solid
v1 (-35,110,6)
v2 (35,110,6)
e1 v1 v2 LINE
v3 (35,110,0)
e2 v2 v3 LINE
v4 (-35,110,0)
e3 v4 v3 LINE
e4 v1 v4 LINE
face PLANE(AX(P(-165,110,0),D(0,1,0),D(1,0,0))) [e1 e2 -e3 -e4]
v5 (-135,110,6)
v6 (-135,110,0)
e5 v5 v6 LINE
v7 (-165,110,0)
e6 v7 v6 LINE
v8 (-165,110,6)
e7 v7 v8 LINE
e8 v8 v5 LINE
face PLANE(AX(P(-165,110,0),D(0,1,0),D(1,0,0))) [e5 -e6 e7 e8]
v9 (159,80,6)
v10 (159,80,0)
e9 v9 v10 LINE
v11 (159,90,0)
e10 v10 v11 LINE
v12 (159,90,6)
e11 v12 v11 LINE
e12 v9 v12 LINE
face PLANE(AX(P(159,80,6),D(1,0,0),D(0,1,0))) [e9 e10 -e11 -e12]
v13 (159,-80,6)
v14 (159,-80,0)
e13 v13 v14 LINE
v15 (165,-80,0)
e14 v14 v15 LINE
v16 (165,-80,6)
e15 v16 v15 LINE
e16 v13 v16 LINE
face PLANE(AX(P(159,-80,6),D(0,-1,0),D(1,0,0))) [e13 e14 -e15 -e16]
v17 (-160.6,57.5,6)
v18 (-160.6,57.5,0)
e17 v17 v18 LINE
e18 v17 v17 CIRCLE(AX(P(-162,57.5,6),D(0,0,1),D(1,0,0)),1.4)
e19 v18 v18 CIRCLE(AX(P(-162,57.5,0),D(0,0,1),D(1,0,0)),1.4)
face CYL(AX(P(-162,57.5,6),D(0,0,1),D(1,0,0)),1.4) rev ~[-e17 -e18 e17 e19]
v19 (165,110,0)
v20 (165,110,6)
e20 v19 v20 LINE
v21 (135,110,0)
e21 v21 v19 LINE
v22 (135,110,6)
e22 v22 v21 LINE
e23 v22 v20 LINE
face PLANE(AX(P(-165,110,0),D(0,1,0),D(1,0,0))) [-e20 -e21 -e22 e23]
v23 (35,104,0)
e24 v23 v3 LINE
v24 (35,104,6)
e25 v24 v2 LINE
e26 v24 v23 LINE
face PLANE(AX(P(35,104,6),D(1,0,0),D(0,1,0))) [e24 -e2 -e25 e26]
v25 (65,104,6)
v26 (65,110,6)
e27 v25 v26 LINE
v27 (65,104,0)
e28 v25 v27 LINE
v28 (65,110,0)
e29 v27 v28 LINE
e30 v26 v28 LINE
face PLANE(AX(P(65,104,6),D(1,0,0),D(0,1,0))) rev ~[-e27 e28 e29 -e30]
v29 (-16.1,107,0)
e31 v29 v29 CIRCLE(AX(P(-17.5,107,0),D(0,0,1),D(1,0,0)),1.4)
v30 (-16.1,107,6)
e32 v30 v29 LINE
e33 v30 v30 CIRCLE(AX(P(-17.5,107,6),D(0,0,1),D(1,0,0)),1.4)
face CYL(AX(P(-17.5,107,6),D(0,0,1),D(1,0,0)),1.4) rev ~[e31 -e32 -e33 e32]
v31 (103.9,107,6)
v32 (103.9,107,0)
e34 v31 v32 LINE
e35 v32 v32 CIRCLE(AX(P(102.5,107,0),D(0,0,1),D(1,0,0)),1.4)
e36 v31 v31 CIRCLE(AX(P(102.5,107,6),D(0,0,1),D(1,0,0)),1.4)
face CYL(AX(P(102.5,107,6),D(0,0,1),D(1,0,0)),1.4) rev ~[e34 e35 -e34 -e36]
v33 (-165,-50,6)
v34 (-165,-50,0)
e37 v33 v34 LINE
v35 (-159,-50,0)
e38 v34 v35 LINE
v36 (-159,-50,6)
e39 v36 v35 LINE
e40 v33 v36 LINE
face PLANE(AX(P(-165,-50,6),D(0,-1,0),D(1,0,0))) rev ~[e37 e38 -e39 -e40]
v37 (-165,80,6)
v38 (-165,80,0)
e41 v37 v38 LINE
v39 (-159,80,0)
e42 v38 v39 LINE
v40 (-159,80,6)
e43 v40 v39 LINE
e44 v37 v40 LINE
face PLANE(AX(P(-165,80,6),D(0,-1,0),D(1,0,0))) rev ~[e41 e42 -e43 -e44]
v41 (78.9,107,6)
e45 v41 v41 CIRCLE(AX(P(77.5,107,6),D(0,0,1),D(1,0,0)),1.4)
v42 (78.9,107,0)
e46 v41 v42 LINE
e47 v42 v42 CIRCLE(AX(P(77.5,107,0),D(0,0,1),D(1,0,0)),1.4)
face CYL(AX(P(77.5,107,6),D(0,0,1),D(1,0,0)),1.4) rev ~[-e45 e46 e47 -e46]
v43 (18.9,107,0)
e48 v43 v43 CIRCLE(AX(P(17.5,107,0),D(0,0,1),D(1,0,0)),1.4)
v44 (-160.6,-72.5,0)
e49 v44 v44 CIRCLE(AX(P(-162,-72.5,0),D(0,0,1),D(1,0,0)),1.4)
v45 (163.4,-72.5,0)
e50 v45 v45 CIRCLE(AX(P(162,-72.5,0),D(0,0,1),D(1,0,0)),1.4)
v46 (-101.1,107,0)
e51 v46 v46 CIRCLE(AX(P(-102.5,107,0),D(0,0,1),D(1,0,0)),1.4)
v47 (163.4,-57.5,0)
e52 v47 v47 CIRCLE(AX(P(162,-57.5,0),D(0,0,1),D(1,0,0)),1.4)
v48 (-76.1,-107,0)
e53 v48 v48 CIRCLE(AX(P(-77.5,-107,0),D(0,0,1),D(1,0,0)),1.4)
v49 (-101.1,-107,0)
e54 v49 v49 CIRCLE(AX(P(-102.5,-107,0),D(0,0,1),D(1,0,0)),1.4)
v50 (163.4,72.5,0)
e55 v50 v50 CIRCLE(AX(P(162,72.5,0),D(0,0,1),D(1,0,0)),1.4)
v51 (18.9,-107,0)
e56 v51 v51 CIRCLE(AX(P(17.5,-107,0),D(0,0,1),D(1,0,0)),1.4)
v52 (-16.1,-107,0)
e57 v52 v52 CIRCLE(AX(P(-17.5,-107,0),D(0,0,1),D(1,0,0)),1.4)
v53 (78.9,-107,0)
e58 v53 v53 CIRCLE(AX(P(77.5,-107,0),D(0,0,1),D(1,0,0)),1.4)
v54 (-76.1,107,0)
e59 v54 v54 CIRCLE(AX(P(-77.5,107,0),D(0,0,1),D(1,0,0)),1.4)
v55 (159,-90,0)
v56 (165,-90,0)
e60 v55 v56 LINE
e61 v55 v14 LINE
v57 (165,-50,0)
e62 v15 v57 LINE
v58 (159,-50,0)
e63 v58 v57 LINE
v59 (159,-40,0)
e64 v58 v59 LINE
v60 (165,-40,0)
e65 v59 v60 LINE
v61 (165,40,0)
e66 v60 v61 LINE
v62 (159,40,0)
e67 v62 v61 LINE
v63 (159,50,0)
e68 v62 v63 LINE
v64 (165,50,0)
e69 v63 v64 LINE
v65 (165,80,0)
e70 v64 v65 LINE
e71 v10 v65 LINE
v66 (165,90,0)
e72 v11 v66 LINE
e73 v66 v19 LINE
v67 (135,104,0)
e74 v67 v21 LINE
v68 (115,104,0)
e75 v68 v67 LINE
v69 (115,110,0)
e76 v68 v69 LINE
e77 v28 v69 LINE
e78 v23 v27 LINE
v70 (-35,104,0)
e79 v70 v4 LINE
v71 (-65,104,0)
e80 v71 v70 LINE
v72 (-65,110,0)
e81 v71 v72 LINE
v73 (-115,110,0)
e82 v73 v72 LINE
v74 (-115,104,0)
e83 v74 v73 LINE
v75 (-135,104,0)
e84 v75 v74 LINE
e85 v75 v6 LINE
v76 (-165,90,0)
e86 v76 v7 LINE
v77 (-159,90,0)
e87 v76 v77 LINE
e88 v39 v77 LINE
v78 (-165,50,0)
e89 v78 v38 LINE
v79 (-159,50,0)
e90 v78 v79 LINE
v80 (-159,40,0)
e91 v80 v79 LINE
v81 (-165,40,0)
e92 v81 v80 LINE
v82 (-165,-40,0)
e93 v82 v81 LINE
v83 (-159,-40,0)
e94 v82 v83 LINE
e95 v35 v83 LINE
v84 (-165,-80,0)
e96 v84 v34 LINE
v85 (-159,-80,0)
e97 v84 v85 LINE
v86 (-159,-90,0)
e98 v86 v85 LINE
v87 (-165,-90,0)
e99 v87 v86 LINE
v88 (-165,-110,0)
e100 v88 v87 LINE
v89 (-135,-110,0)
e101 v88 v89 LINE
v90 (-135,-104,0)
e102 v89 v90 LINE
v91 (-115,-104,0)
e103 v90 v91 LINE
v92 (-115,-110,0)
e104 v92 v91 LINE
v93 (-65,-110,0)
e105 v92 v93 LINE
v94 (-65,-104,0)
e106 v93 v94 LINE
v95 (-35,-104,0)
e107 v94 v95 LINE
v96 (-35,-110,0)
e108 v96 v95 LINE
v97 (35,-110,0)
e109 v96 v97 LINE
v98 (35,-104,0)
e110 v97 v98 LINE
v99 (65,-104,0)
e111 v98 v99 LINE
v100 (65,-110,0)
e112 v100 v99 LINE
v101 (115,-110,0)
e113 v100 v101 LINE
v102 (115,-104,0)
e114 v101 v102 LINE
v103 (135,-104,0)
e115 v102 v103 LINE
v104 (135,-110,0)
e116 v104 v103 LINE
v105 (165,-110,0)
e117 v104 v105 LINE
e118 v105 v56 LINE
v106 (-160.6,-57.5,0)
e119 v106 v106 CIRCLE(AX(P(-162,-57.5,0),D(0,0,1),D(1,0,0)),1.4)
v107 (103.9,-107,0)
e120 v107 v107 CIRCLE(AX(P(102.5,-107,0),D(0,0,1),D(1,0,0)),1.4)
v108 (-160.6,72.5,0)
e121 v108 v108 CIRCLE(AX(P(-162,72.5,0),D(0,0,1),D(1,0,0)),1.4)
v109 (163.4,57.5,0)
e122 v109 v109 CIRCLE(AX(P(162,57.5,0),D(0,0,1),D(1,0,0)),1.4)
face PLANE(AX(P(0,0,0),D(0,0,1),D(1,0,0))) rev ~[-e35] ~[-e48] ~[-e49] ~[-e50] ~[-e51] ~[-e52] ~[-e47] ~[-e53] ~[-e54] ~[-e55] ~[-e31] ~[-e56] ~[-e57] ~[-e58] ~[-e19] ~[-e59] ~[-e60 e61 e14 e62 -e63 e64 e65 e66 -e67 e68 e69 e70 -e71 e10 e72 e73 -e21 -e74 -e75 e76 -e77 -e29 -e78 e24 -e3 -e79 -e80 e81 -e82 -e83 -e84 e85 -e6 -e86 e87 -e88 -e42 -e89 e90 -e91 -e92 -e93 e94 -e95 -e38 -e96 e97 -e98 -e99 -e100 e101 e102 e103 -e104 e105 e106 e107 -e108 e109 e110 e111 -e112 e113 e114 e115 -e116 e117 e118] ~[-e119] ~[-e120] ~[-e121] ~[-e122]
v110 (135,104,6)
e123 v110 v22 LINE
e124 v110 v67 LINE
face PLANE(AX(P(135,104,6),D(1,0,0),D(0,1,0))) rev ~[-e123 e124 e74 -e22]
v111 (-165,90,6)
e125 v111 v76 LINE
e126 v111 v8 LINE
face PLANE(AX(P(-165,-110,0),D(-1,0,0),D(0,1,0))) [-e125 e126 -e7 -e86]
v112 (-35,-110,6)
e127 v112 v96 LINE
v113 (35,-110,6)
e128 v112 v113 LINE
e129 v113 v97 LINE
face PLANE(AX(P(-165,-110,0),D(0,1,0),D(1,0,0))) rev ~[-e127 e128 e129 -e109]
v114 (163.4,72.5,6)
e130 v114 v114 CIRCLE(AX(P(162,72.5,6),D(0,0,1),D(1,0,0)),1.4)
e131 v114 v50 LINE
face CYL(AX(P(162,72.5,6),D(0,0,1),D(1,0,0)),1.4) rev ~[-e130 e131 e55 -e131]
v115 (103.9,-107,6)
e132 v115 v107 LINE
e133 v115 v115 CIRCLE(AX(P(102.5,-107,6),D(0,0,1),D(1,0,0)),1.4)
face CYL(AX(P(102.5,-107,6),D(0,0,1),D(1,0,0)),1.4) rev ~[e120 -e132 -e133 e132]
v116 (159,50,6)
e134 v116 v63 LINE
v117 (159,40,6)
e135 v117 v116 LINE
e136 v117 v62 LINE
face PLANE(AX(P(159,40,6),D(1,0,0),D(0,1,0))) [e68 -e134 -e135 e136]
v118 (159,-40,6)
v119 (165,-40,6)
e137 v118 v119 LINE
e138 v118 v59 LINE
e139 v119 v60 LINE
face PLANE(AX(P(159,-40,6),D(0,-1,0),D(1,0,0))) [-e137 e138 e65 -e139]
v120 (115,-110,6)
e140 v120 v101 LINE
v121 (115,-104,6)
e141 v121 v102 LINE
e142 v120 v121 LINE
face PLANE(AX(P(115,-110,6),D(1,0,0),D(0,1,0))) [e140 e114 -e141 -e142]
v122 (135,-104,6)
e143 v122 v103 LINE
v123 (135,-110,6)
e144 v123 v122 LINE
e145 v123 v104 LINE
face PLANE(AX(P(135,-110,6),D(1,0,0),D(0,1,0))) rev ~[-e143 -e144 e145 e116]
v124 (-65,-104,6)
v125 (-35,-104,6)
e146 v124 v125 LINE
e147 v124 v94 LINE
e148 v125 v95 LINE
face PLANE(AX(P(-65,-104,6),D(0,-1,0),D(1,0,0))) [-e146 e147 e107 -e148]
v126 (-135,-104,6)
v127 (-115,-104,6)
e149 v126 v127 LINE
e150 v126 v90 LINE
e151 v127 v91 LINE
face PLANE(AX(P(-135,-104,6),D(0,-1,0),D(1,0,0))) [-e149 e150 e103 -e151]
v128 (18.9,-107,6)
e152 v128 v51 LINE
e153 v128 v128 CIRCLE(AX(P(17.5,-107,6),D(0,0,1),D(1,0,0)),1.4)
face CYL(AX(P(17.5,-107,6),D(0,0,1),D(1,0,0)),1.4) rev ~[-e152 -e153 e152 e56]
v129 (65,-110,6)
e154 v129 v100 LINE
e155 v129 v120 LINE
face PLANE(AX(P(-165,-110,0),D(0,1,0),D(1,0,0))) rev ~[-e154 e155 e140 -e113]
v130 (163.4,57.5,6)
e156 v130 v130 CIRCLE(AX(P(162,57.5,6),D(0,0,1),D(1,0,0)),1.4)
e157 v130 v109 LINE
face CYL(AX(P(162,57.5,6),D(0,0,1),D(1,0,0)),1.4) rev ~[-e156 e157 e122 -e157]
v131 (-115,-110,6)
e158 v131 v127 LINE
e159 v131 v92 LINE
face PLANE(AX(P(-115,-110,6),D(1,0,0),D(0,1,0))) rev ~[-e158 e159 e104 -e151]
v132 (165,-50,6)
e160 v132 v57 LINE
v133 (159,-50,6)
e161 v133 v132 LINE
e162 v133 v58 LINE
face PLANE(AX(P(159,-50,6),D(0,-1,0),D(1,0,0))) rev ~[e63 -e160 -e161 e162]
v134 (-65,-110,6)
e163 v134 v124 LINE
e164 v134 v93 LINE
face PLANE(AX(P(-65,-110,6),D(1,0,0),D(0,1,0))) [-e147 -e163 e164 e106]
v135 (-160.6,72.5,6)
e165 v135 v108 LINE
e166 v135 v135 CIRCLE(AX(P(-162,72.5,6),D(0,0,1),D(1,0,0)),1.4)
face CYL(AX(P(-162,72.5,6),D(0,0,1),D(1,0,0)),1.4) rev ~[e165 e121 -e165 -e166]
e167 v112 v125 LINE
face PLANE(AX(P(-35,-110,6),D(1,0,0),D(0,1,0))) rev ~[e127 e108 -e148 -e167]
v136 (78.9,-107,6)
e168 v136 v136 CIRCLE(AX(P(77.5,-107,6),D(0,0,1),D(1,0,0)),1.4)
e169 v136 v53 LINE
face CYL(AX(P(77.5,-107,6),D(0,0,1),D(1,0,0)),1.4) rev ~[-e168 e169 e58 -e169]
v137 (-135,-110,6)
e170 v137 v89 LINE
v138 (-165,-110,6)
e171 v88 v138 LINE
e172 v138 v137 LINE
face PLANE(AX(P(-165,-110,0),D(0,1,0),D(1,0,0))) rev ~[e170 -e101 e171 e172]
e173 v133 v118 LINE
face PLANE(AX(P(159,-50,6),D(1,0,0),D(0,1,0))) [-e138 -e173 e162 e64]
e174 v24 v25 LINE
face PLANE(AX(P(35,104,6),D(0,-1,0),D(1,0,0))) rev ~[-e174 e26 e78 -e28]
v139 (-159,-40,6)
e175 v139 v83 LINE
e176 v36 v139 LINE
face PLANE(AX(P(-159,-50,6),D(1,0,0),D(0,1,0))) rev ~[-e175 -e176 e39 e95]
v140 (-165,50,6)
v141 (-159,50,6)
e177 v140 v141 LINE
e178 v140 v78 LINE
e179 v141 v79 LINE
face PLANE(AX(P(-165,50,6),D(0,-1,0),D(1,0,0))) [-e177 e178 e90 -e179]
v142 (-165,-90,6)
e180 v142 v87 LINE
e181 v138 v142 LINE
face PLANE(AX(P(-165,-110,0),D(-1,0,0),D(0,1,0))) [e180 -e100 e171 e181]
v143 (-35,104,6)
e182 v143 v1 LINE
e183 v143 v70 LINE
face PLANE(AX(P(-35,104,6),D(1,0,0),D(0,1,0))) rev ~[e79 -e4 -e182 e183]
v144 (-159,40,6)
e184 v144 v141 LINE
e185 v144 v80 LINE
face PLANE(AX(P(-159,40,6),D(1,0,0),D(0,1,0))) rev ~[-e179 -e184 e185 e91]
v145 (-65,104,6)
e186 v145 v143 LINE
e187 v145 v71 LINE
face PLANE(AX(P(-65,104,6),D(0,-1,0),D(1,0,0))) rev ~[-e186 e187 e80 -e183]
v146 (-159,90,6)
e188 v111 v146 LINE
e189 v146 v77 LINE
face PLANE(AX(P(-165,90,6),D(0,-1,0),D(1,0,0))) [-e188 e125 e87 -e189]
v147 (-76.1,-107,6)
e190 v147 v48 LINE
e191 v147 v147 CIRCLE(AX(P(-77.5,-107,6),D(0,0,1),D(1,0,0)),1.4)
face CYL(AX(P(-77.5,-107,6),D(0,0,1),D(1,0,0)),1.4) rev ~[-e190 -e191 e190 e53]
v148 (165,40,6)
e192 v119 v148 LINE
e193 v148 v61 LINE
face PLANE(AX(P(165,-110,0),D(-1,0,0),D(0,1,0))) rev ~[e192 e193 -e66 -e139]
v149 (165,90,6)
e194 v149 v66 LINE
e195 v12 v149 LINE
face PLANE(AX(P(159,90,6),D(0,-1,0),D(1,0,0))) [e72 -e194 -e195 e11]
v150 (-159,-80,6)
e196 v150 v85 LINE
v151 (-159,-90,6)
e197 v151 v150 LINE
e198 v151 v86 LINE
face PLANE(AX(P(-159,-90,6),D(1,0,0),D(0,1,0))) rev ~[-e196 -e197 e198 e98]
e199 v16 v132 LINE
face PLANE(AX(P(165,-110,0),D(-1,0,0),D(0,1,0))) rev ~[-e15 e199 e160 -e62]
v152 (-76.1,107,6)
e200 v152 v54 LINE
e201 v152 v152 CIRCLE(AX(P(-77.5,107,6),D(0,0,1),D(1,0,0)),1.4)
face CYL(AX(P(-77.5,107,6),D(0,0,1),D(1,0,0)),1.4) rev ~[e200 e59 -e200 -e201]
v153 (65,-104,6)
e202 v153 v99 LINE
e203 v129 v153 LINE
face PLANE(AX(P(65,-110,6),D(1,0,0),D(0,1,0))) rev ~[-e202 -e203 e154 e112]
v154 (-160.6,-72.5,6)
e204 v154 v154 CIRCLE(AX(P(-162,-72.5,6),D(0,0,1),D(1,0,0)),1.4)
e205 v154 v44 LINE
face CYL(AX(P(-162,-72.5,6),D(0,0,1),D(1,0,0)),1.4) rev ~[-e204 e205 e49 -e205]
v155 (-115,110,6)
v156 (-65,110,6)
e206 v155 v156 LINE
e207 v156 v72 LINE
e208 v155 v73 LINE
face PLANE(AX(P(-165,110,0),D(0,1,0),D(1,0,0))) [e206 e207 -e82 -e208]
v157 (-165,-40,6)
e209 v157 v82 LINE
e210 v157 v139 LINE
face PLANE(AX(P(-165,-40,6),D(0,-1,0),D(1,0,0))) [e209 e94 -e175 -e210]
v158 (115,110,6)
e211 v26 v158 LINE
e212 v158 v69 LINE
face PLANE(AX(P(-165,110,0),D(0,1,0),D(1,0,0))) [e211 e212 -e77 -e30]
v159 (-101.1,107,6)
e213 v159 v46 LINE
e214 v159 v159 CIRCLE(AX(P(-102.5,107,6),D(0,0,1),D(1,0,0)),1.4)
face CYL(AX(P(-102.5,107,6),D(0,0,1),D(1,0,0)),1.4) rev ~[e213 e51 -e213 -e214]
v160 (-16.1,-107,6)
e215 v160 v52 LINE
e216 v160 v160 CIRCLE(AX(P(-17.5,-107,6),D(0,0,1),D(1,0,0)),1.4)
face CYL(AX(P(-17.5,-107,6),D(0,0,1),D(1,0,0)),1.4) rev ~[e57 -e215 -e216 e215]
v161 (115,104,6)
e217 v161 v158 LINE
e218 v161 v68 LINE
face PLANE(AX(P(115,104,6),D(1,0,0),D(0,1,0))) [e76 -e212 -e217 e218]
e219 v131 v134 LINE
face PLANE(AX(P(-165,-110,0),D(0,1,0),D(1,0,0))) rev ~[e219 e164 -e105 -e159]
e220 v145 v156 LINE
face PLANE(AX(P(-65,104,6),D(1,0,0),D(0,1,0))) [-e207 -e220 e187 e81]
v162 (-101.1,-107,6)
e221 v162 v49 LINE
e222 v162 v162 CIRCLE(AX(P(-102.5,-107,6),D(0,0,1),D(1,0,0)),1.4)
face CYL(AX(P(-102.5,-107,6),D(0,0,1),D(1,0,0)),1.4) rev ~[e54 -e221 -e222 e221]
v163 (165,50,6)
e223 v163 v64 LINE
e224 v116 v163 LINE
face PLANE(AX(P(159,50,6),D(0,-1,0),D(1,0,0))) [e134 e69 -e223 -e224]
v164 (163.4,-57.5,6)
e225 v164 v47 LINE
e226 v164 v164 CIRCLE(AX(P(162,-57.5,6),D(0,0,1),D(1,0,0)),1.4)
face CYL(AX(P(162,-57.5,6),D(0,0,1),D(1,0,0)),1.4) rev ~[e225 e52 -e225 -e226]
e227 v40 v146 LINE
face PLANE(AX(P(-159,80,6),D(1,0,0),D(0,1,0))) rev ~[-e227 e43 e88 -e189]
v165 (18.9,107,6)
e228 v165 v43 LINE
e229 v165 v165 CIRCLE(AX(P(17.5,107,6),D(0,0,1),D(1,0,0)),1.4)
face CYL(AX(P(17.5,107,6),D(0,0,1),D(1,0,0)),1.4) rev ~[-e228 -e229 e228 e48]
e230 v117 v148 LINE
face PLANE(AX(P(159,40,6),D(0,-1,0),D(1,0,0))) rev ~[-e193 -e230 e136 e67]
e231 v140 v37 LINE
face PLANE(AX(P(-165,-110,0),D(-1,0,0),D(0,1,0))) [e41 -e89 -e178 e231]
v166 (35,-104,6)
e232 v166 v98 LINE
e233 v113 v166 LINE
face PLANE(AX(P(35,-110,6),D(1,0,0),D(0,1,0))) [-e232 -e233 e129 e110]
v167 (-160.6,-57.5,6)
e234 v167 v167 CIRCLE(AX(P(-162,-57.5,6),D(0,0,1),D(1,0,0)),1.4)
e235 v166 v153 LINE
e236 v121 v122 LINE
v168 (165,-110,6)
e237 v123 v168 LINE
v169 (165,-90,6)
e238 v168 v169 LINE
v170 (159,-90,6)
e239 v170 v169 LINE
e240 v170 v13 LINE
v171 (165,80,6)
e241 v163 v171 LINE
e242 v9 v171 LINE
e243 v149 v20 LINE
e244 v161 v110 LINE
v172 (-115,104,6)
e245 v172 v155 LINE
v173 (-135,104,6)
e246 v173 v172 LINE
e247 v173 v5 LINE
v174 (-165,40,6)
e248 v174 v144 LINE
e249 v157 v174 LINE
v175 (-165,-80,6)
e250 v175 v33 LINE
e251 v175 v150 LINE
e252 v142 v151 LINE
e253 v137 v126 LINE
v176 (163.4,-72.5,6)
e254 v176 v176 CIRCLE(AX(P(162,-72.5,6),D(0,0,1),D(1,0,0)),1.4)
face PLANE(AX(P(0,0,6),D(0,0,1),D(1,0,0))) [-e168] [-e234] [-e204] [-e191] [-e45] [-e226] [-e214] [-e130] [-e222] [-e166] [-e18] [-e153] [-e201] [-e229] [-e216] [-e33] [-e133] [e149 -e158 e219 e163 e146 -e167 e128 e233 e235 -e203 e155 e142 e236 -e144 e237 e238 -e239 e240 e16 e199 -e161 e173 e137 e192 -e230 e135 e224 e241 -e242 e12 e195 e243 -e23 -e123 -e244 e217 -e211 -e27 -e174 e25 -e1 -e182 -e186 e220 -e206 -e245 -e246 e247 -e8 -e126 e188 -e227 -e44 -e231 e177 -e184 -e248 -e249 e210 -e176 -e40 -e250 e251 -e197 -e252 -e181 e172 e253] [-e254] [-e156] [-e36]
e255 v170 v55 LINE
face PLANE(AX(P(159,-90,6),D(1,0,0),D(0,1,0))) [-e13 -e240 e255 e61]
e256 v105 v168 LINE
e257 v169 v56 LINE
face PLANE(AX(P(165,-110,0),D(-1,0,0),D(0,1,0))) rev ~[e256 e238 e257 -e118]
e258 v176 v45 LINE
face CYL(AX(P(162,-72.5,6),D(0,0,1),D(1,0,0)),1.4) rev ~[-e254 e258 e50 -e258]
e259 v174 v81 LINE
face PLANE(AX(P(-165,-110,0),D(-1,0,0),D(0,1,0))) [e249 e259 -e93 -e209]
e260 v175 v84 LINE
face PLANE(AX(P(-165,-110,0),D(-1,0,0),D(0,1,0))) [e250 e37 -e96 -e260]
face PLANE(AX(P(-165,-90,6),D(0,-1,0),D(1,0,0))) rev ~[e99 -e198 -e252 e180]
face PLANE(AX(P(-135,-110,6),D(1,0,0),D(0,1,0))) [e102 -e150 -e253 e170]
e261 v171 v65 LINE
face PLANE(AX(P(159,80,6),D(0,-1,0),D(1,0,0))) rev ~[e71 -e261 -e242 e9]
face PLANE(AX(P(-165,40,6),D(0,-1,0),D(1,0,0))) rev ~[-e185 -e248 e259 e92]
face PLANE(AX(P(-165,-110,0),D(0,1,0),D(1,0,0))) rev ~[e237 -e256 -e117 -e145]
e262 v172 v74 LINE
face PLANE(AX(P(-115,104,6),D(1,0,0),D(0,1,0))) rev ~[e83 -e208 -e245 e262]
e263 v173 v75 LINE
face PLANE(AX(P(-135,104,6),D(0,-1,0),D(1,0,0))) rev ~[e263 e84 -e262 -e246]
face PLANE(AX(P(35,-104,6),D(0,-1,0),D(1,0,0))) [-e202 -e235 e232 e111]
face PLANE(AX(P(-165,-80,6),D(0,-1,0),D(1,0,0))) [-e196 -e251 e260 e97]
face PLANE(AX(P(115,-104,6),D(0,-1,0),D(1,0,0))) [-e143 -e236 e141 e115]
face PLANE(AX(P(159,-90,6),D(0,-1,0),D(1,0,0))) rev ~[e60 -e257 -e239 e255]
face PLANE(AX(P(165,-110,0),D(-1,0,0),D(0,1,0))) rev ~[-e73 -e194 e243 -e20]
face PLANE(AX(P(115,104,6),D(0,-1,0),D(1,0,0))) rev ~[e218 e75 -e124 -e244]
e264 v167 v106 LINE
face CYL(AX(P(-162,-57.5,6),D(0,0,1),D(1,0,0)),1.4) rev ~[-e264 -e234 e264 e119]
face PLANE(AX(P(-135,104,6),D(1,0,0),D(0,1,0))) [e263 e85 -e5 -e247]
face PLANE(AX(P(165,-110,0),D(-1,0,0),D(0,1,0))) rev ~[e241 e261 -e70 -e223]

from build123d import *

# Parameters (mm, degrees)
ESQUISSE1_W             = 330
ESQUISSE1_H             = 220
BOSS_EXTRU_1_DEPTH      = 6
ESQUISSE3_W             = 20
ESQUISSE3_H             = 6
ESQUISSE3_W_2           = 30
ESQUISSE3_W_3           = 6
ESQUISSE3_H_2           = 10
ENL_V_MAT_EXTRU_2_DEPTH = 6
ESQUISSE4_R             = 1.4
ENL_V_MAT_EXTRU_3_DEPTH = 6


with BuildPart() as part:
    # Esquisse1 → Boss.-Extru.1 (new body)
    with BuildSketch(Plane.XY):
        Rectangle(ESQUISSE1_W, ESQUISSE1_H)
    extrude(amount=BOSS_EXTRU_1_DEPTH)

    # Esquisse3 → Enlèv. mat.-Extru.2 (cut)
    with BuildSketch(Plane.XY.offset(6)):
        with Locations((-125, 107)):
            Rectangle(ESQUISSE3_W, ESQUISSE3_H)
        with Locations((-50, 107)):
            Rectangle(ESQUISSE3_W_2, ESQUISSE3_H)
        with Locations((-162, 45)):
            Rectangle(ESQUISSE3_W_3, ESQUISSE3_H_2)
        with Locations((50, 107)):
            Rectangle(ESQUISSE3_W_2, ESQUISSE3_H)
        with Locations((-162, 85)):
            Rectangle(ESQUISSE3_W_3, ESQUISSE3_H_2)
        with Locations((162, 85)):
            Rectangle(ESQUISSE3_W_3, ESQUISSE3_H_2)
        with Locations((162, 45)):
            Rectangle(ESQUISSE3_W_3, ESQUISSE3_H_2)
        with Locations((125, 107)):
            Rectangle(ESQUISSE3_W, ESQUISSE3_H)
        with Locations((125, -107)):
            Rectangle(ESQUISSE3_W, ESQUISSE3_H)
        with Locations((50, -107)):
            Rectangle(ESQUISSE3_W_2, ESQUISSE3_H)
        with Locations((162, -45)):
            Rectangle(ESQUISSE3_W_3, ESQUISSE3_H_2)
        with Locations((162, -85)):
            Rectangle(ESQUISSE3_W_3, ESQUISSE3_H_2)
        with Locations((-162, -85)):
            Rectangle(ESQUISSE3_W_3, ESQUISSE3_H_2)
        with Locations((-162, -45)):
            Rectangle(ESQUISSE3_W_3, ESQUISSE3_H_2)
        with Locations((-50, -107)):
            Rectangle(ESQUISSE3_W_2, ESQUISSE3_H)
        with Locations((-125, -107)):
            Rectangle(ESQUISSE3_W, ESQUISSE3_H)
    extrude(amount=-ENL_V_MAT_EXTRU_2_DEPTH, mode=Mode.SUBTRACT)

    # Esquisse4 → Enlèv. mat.-Extru.3 (cut)
    with BuildSketch(Plane.XY.offset(6)):
        with Locations((-102.5, 107)):
            Circle(ESQUISSE4_R)
        with Locations((-77.5, 107)):
            Circle(ESQUISSE4_R)
        with Locations((-17.5, 107)):
            Circle(ESQUISSE4_R)
        with Locations((-162, 72.5)):
            Circle(ESQUISSE4_R)
        with Locations((-162, 57.5)):
            Circle(ESQUISSE4_R)
        with Locations((162, 57.5)):
            Circle(ESQUISSE4_R)
        with Locations((162, 72.5)):
            Circle(ESQUISSE4_R)
        with Locations((17.5, 107)):
            Circle(ESQUISSE4_R)
        with Locations((77.5, 107)):
            Circle(ESQUISSE4_R)
        with Locations((102.5, 107)):
            Circle(ESQUISSE4_R)
        with Locations((102.5, -107)):
            Circle(ESQUISSE4_R)
        with Locations((77.5, -107)):
            Circle(ESQUISSE4_R)
        with Locations((17.5, -107)):
            Circle(ESQUISSE4_R)
        with Locations((162, -72.5)):
            Circle(ESQUISSE4_R)
        with Locations((162, -57.5)):
            Circle(ESQUISSE4_R)
        with Locations((-162, -57.5)):
            Circle(ESQUISSE4_R)
        with Locations((-162, -72.5)):
            Circle(ESQUISSE4_R)
        with Locations((-17.5, -107)):
            Circle(ESQUISSE4_R)
        with Locations((-77.5, -107)):
            Circle(ESQUISSE4_R)
        with Locations((-102.5, -107)):
            Circle(ESQUISSE4_R)
    extrude(amount=-ENL_V_MAT_EXTRU_3_DEPTH, mode=Mode.SUBTRACT)


solid = part.part
